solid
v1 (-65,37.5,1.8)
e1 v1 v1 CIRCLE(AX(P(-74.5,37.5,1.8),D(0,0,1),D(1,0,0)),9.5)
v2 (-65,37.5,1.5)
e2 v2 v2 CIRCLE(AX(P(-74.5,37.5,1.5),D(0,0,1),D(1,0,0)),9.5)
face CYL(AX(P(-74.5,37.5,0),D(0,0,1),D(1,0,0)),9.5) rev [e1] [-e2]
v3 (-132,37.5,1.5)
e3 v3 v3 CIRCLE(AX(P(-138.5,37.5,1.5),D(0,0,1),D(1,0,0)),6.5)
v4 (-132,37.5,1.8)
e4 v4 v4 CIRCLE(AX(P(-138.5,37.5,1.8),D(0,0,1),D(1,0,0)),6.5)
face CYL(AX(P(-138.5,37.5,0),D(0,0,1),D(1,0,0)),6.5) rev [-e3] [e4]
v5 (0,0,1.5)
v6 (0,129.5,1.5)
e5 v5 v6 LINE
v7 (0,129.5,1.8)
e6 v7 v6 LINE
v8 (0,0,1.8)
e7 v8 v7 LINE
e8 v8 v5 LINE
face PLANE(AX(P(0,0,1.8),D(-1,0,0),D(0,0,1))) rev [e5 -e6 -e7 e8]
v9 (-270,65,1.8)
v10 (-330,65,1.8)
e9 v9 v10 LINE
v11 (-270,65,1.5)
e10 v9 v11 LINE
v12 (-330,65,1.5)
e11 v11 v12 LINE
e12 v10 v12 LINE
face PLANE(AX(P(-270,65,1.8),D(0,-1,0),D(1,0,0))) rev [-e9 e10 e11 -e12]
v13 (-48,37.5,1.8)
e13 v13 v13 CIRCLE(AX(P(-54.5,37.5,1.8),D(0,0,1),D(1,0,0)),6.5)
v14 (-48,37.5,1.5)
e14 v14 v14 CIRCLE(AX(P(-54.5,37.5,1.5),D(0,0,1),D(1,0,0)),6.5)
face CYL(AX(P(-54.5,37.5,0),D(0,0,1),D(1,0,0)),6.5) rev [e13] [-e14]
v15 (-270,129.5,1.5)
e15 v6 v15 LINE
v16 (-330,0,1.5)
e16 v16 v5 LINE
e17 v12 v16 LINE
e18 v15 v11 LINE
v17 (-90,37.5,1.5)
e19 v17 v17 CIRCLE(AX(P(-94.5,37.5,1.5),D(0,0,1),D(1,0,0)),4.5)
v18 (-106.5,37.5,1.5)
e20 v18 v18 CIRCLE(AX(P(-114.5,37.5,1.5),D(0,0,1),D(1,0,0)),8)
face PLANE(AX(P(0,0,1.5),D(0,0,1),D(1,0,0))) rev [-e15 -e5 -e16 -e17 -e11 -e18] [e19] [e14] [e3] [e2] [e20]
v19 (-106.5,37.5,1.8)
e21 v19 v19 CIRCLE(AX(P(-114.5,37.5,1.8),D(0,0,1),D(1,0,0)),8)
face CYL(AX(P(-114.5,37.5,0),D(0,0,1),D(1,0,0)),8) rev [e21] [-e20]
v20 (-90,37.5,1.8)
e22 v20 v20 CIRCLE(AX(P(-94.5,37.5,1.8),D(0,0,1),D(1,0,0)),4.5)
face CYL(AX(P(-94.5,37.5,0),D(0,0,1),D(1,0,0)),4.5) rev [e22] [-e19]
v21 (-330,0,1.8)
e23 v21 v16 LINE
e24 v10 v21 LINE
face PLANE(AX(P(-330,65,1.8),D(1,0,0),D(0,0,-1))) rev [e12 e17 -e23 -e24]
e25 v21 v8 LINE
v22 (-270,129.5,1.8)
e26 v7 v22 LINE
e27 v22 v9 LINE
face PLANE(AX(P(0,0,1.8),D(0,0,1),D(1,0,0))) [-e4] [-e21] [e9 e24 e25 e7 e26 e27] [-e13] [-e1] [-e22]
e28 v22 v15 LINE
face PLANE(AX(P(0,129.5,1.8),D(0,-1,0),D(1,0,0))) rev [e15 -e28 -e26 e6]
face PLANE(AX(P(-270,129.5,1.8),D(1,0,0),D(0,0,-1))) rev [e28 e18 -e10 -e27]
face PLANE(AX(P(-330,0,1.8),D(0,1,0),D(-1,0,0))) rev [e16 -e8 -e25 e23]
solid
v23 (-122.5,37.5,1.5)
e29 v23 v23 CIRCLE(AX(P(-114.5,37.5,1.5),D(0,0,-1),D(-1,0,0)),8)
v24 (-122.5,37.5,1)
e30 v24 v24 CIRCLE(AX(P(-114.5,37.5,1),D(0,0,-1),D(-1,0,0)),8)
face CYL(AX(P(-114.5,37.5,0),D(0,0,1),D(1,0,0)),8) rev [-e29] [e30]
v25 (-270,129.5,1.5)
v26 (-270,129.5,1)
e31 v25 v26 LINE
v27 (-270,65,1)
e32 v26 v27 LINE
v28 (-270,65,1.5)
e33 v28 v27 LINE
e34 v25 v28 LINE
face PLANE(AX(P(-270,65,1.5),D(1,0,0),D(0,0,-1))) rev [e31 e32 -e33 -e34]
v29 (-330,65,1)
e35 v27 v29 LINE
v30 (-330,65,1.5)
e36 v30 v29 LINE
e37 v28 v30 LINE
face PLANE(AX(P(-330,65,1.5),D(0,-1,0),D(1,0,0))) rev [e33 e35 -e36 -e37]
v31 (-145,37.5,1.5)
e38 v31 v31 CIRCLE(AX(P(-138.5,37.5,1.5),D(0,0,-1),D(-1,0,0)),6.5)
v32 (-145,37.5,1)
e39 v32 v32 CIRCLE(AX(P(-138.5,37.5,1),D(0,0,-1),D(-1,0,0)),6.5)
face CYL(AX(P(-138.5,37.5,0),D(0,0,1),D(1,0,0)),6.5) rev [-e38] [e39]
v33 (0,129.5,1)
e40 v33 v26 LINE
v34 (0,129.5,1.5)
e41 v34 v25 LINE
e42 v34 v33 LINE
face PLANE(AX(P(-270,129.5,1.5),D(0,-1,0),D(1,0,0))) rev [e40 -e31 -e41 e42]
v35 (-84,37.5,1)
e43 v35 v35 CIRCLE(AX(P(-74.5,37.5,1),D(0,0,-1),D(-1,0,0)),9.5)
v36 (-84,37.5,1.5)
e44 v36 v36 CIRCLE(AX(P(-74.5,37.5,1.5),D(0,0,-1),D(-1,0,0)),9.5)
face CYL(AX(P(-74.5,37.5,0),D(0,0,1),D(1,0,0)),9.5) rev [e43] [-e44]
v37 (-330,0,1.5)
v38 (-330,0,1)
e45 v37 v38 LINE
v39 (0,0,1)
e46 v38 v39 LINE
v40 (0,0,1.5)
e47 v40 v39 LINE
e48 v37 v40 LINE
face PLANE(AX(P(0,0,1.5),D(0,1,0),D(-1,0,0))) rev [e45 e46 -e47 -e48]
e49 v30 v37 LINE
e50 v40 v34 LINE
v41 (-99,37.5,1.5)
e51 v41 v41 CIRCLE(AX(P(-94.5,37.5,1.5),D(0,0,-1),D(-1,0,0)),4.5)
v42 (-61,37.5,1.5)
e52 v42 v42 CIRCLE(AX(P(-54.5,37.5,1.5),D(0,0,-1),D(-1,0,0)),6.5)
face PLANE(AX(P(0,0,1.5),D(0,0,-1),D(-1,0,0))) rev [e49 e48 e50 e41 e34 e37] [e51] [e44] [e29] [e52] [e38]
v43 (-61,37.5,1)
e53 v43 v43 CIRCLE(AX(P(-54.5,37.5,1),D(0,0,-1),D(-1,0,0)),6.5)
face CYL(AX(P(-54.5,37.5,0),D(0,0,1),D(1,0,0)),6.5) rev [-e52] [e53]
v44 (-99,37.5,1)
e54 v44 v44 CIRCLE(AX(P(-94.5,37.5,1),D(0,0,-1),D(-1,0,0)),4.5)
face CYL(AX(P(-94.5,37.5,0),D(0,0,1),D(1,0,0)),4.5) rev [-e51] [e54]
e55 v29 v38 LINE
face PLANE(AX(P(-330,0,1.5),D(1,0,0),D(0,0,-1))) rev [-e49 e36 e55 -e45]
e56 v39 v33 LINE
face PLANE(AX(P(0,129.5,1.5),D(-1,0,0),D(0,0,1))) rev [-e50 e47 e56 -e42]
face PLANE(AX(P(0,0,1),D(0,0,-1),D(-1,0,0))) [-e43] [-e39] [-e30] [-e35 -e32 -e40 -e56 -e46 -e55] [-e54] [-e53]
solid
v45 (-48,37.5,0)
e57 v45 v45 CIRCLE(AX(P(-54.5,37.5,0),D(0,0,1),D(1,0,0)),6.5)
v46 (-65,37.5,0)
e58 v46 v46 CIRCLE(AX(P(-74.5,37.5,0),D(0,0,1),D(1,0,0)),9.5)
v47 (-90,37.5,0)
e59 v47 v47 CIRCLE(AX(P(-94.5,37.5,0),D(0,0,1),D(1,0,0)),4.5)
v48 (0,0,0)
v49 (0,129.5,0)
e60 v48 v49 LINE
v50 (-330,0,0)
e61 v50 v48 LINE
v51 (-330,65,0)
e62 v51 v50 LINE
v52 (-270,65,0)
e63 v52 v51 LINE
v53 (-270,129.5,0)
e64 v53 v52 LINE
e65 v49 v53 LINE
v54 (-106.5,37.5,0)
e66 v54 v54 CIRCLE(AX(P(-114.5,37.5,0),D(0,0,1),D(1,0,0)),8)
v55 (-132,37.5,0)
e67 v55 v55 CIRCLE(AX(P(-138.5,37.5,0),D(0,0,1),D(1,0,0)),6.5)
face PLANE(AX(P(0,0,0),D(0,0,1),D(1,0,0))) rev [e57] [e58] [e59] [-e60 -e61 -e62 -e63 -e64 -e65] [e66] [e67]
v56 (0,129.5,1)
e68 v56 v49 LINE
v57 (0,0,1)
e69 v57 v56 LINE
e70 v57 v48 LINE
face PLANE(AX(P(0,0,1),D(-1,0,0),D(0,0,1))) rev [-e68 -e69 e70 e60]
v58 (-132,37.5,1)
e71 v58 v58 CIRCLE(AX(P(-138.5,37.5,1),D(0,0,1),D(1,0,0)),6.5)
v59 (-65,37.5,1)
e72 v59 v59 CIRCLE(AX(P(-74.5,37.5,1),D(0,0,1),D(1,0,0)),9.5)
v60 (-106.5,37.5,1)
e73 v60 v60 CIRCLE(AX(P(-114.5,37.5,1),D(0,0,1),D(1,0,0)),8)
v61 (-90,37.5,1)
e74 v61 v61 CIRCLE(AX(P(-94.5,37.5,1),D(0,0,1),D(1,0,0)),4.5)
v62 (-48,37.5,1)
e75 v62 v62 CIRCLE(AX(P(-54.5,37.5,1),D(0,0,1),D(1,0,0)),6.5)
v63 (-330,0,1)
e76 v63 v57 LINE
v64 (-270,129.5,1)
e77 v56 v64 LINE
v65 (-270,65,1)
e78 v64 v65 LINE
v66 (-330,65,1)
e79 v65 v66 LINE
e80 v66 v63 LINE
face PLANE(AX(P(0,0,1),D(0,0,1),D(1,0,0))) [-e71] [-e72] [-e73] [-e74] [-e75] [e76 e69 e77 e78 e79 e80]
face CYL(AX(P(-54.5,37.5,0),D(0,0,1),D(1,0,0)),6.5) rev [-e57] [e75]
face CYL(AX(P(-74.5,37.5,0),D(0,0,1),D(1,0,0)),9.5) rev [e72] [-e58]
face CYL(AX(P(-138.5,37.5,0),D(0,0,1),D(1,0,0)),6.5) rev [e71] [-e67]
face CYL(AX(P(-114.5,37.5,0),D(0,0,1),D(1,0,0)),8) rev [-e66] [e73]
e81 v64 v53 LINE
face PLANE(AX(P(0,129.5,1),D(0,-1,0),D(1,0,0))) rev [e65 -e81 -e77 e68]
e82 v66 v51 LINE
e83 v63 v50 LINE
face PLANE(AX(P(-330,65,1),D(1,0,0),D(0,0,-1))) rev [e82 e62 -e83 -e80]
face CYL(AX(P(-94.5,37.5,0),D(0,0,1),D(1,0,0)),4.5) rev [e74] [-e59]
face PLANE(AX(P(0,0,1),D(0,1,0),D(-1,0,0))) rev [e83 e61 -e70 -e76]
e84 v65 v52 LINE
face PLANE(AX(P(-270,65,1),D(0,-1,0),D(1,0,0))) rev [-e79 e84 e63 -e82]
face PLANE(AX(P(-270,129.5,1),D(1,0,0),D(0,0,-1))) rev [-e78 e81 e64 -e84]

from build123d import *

# Parameters (mm, degrees)
DODANIE_WYCI_GNI_CIE1_DEPTH = 1
DODANIE_WYCI_GNI_CIE2_DEPTH = 0.5
DODANIE_WYCI_GNI_CIE3_DEPTH = 0.3
SZKIC4_R                    = 9.5
SZKIC4_R_2                  = 4.5
SZKIC4_R_3                  = 8
SZKIC4_R_4                  = 6.5
WYTNIJ_WYCI_GNI_CIE1_DEPTH  = 2.8


with BuildPart() as part:
    # Szkic1 → Dodanie-wyciągnięcie1 (new body)
    with BuildSketch(Plane.XY):
        Polygon((0, 0), (0, 129.5), (-270, 129.5), (-270, 65), (-330, 65), (-330, 0), align=None)
    extrude(amount=DODANIE_WYCI_GNI_CIE1_DEPTH)


with BuildPart() as body_2:
    # Szkic2 → Dodanie-wyciągnięcie2 (new body)
    with BuildSketch(Plane.XY.offset(1)):
        Polygon((0, 0), (-330, 0), (-330, 65), (-270, 65), (-270, 129.5), (0, 129.5), align=None)
    extrude(amount=DODANIE_WYCI_GNI_CIE2_DEPTH)


with BuildPart() as body_3:
    # Szkic3 → Dodanie-wyciągnięcie3 (new body)
    with BuildSketch(Plane.XY.offset(1.5)):
        Polygon((0, 0), (0, 129.5), (-270, 129.5), (-270, 65), (-330, 65), (-330, 0), align=None)
    extrude(amount=DODANIE_WYCI_GNI_CIE3_DEPTH)


with BuildPart() as wytnij_wyci_gni_cie1_tool:
    # Szkic4 → Wytnij-wyciągnięcie1 (new body, through all)
    with BuildSketch(Plane.XY.offset(1.8)):
        with Locations((-74.5, 37.5)):
            Circle(SZKIC4_R)
        with Locations((-94.5, 37.5)):
            Circle(SZKIC4_R_2)
        with Locations((-114.5, 37.5)):
            Circle(SZKIC4_R_3)
        with Locations((-138.5, 37.5)):
            Circle(SZKIC4_R_4)
        with Locations((-54.5, 37.5)):
            Circle(SZKIC4_R_4)
    extrude(amount=-WYTNIJ_WYCI_GNI_CIE1_DEPTH)


with BuildPart() as part_1:
    add(part.part)

    # Wytnij-wyciągnięcie1: cut by wytnij_wyci_gni_cie1_tool
    add(wytnij_wyci_gni_cie1_tool.part, mode=Mode.SUBTRACT)


with BuildPart() as body_2_1:
    add(body_2.part)

    # Wytnij-wyciągnięcie1: cut by wytnij_wyci_gni_cie1_tool
    add(wytnij_wyci_gni_cie1_tool.part, mode=Mode.SUBTRACT)


with BuildPart() as body_3_1:
    add(body_3.part)

    # Wytnij-wyciągnięcie1: cut by wytnij_wyci_gni_cie1_tool
    add(wytnij_wyci_gni_cie1_tool.part, mode=Mode.SUBTRACT)


solid = Compound([part_1.part, body_2_1.part, body_3_1.part])
